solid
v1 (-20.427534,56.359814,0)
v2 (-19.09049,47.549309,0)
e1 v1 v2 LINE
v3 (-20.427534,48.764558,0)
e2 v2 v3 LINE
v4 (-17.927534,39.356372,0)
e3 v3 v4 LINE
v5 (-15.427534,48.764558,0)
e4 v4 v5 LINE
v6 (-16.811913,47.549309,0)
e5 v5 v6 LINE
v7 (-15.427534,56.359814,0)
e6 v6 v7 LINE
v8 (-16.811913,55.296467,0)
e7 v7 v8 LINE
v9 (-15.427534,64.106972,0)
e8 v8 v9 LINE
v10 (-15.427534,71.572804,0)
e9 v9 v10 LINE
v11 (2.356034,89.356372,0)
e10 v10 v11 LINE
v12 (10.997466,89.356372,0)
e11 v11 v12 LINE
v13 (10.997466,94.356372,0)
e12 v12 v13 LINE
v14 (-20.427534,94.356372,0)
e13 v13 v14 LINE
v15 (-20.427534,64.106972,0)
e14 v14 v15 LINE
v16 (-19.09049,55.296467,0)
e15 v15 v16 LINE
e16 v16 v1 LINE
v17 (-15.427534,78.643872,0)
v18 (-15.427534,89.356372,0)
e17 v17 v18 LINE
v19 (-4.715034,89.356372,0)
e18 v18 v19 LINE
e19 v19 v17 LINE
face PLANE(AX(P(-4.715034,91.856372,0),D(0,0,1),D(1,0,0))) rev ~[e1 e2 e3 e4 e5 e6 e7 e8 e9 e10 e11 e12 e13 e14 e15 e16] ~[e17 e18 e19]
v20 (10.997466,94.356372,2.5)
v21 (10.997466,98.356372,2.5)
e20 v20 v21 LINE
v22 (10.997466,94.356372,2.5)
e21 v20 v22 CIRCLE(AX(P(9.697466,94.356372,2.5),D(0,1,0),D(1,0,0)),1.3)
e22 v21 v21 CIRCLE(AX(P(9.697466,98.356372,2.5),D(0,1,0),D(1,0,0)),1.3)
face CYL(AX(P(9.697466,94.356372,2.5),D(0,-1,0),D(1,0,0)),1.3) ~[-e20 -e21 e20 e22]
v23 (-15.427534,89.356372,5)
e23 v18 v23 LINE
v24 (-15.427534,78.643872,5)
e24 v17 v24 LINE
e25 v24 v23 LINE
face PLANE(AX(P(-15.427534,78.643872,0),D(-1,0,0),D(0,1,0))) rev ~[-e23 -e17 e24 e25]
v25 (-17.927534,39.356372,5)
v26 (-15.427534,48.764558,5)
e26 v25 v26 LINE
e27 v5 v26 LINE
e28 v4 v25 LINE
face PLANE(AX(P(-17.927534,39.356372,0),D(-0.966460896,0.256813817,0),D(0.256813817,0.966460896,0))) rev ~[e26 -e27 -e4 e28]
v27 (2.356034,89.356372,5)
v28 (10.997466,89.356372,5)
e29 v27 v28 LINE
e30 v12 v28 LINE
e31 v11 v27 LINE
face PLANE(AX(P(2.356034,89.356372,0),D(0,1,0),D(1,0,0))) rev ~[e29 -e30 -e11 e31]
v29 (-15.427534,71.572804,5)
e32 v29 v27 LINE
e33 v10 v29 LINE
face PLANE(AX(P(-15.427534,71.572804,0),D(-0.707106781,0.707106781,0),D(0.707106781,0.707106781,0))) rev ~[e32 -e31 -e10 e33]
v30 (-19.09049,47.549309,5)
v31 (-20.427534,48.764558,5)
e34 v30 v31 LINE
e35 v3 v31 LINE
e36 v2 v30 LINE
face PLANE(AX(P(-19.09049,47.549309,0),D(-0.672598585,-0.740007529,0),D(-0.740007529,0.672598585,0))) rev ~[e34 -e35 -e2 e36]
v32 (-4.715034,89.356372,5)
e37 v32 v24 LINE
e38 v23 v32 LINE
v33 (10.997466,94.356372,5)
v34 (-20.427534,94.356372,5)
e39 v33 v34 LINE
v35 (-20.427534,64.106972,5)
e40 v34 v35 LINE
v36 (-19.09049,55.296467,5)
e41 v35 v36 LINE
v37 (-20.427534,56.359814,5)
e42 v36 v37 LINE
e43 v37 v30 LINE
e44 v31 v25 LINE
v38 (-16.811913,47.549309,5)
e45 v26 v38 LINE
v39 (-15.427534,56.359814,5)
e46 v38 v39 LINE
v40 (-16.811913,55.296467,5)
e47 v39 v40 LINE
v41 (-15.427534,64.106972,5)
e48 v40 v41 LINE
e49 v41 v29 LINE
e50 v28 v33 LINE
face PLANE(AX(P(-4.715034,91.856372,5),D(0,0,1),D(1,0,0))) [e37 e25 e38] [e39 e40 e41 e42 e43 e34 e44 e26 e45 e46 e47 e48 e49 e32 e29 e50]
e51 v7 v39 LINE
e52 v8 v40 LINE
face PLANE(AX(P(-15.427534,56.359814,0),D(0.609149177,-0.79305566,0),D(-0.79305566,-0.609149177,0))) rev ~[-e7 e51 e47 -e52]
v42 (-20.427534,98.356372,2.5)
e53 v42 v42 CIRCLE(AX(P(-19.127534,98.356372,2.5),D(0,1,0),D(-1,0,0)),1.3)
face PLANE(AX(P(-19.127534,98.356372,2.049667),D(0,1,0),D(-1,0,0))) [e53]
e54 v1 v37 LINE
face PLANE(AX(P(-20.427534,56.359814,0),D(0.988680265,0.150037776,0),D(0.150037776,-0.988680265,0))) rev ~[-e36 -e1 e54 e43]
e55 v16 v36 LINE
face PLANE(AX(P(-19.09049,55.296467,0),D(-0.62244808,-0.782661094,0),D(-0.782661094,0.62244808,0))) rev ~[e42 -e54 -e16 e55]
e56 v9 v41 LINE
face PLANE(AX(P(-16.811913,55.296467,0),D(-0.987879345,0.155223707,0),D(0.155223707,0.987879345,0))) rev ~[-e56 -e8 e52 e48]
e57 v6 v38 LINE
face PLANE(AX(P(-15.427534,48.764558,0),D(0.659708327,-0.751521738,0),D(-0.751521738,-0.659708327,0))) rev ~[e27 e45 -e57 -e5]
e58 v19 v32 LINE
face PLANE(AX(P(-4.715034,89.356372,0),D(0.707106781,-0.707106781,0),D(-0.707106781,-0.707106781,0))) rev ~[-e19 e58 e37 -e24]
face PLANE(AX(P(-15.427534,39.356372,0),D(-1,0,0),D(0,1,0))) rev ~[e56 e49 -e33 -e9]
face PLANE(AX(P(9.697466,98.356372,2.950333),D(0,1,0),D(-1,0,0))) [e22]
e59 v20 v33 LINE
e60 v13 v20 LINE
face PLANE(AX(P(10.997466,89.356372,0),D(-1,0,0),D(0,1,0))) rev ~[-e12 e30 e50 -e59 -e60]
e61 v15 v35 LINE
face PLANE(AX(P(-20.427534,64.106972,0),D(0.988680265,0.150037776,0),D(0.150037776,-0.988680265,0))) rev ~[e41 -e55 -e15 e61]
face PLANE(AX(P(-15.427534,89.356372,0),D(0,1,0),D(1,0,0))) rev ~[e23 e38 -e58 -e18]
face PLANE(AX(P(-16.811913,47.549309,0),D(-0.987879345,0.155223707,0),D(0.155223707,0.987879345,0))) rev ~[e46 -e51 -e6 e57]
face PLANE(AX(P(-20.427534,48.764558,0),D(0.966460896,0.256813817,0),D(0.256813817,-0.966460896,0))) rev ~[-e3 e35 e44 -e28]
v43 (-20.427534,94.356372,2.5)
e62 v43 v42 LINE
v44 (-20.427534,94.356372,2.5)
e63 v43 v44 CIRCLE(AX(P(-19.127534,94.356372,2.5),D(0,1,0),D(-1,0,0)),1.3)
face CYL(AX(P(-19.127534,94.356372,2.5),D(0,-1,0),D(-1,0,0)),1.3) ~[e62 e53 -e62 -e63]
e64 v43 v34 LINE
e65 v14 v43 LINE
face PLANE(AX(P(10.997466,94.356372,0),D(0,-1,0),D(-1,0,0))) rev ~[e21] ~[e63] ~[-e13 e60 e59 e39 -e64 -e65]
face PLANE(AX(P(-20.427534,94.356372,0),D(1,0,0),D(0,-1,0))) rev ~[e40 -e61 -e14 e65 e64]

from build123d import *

# Parameters (mm, degrees)
F2_DEPTH = 5
F4_DEPTH = 4
F6_DEPTH = 5


with BuildPart() as f2:
    # F1 (on Top) → F2 (new body)
    with BuildSketch(Plane.XY):
        Polygon((-20.4275340124, 94.3563715087), (-20.4275340124, 89.3563715087), (-15.4275340124, 89.3563715087), (-4.7150340124, 89.3563715087), (2.3560337995, 89.3563715087), (10.9974659876, 89.3563715087), (10.9974659876, 94.3563715087), align=None)
        Polygon((-15.4275340124, 89.3563715087), (-20.4275340124, 89.3563715087), (-20.4275340124, 39.3563715087), (-15.4275340124, 39.3563715087), (-15.4275340124, 71.5728036968), (-15.4275340124, 78.6438715087), align=None)
        Polygon((-4.7150340124, 89.3563715087), (-15.4275340124, 78.6438715087), (-15.4275340124, 71.5728036968), (2.3560337995, 89.3563715087), align=None)
    extrude(amount=F2_DEPTH)

    # F3 (on face) → F4 (join)
    with BuildSketch(Plane(origin=(0, 94.3563715087, 0), x_dir=(-1, 0, 0), z_dir=(0, 1, 0))):
        with BuildLine():
            ThreePointArc((-8.3974659876, 2.5), (-9.6974659876, 3.8), (-10.9974659876, 2.5))
            Line((-10.9974659876, 2.5), (-8.3974659876, 2.5))
        make_face()
        with BuildLine():
            Line((-8.3974659876, 2.5), (-10.9974659876, 2.5))
            ThreePointArc((-10.9974659876, 2.5), (-9.6974659876, 1.2), (-8.3974659876, 2.5))
        make_face()
        with BuildLine():
            Line((20.4275340124, 2.5), (17.8275340124, 2.5))
            ThreePointArc((17.8275340124, 2.5), (19.1275340124, 1.2), (20.4275340124, 2.5))
        make_face()
        with BuildLine():
            ThreePointArc((20.4275340124, 2.5), (19.1275340124, 3.8), (17.8275340124, 2.5))
            Line((17.8275340124, 2.5), (20.4275340124, 2.5))
        make_face()
    extrude(amount=F4_DEPTH)

    # F5 (on face) → F6 (cut, through all)
    with BuildSketch(Plane(origin=(0, 0, 0), x_dir=(1, 0, 0), z_dir=(0, 0, -1))):
        Polygon((-15.4275340124, -39.3563715087), (-17.9275340124, -39.3563715087), (-15.4275340124, -48.7645578384), align=None)
        Polygon((-20.4275340124, -48.7645578384), (-17.9275340124, -39.3563715087), (-20.4275340124, -39.3563715087), align=None)
        Polygon((-19.0904904157, -47.5493085384), (-20.4275340124, -48.7645578384), (-20.4275340124, -56.3598138094), align=None)
        Polygon((-15.4275340124, -56.3598138094), (-15.4275340124, -48.7645578384), (-16.8119128793, -47.5493085384), align=None)
        Polygon((-15.4275340124, -64.1069722176), (-15.4275340124, -56.3598138094), (-16.8119128793, -55.2964669466), align=None)
        Polygon((-19.0904904157, -55.2964669466), (-20.4275340124, -56.3598138094), (-20.4275340124, -64.1069722176), align=None)
    extrude(amount=-F6_DEPTH, mode=Mode.SUBTRACT)


solid = f2.part
